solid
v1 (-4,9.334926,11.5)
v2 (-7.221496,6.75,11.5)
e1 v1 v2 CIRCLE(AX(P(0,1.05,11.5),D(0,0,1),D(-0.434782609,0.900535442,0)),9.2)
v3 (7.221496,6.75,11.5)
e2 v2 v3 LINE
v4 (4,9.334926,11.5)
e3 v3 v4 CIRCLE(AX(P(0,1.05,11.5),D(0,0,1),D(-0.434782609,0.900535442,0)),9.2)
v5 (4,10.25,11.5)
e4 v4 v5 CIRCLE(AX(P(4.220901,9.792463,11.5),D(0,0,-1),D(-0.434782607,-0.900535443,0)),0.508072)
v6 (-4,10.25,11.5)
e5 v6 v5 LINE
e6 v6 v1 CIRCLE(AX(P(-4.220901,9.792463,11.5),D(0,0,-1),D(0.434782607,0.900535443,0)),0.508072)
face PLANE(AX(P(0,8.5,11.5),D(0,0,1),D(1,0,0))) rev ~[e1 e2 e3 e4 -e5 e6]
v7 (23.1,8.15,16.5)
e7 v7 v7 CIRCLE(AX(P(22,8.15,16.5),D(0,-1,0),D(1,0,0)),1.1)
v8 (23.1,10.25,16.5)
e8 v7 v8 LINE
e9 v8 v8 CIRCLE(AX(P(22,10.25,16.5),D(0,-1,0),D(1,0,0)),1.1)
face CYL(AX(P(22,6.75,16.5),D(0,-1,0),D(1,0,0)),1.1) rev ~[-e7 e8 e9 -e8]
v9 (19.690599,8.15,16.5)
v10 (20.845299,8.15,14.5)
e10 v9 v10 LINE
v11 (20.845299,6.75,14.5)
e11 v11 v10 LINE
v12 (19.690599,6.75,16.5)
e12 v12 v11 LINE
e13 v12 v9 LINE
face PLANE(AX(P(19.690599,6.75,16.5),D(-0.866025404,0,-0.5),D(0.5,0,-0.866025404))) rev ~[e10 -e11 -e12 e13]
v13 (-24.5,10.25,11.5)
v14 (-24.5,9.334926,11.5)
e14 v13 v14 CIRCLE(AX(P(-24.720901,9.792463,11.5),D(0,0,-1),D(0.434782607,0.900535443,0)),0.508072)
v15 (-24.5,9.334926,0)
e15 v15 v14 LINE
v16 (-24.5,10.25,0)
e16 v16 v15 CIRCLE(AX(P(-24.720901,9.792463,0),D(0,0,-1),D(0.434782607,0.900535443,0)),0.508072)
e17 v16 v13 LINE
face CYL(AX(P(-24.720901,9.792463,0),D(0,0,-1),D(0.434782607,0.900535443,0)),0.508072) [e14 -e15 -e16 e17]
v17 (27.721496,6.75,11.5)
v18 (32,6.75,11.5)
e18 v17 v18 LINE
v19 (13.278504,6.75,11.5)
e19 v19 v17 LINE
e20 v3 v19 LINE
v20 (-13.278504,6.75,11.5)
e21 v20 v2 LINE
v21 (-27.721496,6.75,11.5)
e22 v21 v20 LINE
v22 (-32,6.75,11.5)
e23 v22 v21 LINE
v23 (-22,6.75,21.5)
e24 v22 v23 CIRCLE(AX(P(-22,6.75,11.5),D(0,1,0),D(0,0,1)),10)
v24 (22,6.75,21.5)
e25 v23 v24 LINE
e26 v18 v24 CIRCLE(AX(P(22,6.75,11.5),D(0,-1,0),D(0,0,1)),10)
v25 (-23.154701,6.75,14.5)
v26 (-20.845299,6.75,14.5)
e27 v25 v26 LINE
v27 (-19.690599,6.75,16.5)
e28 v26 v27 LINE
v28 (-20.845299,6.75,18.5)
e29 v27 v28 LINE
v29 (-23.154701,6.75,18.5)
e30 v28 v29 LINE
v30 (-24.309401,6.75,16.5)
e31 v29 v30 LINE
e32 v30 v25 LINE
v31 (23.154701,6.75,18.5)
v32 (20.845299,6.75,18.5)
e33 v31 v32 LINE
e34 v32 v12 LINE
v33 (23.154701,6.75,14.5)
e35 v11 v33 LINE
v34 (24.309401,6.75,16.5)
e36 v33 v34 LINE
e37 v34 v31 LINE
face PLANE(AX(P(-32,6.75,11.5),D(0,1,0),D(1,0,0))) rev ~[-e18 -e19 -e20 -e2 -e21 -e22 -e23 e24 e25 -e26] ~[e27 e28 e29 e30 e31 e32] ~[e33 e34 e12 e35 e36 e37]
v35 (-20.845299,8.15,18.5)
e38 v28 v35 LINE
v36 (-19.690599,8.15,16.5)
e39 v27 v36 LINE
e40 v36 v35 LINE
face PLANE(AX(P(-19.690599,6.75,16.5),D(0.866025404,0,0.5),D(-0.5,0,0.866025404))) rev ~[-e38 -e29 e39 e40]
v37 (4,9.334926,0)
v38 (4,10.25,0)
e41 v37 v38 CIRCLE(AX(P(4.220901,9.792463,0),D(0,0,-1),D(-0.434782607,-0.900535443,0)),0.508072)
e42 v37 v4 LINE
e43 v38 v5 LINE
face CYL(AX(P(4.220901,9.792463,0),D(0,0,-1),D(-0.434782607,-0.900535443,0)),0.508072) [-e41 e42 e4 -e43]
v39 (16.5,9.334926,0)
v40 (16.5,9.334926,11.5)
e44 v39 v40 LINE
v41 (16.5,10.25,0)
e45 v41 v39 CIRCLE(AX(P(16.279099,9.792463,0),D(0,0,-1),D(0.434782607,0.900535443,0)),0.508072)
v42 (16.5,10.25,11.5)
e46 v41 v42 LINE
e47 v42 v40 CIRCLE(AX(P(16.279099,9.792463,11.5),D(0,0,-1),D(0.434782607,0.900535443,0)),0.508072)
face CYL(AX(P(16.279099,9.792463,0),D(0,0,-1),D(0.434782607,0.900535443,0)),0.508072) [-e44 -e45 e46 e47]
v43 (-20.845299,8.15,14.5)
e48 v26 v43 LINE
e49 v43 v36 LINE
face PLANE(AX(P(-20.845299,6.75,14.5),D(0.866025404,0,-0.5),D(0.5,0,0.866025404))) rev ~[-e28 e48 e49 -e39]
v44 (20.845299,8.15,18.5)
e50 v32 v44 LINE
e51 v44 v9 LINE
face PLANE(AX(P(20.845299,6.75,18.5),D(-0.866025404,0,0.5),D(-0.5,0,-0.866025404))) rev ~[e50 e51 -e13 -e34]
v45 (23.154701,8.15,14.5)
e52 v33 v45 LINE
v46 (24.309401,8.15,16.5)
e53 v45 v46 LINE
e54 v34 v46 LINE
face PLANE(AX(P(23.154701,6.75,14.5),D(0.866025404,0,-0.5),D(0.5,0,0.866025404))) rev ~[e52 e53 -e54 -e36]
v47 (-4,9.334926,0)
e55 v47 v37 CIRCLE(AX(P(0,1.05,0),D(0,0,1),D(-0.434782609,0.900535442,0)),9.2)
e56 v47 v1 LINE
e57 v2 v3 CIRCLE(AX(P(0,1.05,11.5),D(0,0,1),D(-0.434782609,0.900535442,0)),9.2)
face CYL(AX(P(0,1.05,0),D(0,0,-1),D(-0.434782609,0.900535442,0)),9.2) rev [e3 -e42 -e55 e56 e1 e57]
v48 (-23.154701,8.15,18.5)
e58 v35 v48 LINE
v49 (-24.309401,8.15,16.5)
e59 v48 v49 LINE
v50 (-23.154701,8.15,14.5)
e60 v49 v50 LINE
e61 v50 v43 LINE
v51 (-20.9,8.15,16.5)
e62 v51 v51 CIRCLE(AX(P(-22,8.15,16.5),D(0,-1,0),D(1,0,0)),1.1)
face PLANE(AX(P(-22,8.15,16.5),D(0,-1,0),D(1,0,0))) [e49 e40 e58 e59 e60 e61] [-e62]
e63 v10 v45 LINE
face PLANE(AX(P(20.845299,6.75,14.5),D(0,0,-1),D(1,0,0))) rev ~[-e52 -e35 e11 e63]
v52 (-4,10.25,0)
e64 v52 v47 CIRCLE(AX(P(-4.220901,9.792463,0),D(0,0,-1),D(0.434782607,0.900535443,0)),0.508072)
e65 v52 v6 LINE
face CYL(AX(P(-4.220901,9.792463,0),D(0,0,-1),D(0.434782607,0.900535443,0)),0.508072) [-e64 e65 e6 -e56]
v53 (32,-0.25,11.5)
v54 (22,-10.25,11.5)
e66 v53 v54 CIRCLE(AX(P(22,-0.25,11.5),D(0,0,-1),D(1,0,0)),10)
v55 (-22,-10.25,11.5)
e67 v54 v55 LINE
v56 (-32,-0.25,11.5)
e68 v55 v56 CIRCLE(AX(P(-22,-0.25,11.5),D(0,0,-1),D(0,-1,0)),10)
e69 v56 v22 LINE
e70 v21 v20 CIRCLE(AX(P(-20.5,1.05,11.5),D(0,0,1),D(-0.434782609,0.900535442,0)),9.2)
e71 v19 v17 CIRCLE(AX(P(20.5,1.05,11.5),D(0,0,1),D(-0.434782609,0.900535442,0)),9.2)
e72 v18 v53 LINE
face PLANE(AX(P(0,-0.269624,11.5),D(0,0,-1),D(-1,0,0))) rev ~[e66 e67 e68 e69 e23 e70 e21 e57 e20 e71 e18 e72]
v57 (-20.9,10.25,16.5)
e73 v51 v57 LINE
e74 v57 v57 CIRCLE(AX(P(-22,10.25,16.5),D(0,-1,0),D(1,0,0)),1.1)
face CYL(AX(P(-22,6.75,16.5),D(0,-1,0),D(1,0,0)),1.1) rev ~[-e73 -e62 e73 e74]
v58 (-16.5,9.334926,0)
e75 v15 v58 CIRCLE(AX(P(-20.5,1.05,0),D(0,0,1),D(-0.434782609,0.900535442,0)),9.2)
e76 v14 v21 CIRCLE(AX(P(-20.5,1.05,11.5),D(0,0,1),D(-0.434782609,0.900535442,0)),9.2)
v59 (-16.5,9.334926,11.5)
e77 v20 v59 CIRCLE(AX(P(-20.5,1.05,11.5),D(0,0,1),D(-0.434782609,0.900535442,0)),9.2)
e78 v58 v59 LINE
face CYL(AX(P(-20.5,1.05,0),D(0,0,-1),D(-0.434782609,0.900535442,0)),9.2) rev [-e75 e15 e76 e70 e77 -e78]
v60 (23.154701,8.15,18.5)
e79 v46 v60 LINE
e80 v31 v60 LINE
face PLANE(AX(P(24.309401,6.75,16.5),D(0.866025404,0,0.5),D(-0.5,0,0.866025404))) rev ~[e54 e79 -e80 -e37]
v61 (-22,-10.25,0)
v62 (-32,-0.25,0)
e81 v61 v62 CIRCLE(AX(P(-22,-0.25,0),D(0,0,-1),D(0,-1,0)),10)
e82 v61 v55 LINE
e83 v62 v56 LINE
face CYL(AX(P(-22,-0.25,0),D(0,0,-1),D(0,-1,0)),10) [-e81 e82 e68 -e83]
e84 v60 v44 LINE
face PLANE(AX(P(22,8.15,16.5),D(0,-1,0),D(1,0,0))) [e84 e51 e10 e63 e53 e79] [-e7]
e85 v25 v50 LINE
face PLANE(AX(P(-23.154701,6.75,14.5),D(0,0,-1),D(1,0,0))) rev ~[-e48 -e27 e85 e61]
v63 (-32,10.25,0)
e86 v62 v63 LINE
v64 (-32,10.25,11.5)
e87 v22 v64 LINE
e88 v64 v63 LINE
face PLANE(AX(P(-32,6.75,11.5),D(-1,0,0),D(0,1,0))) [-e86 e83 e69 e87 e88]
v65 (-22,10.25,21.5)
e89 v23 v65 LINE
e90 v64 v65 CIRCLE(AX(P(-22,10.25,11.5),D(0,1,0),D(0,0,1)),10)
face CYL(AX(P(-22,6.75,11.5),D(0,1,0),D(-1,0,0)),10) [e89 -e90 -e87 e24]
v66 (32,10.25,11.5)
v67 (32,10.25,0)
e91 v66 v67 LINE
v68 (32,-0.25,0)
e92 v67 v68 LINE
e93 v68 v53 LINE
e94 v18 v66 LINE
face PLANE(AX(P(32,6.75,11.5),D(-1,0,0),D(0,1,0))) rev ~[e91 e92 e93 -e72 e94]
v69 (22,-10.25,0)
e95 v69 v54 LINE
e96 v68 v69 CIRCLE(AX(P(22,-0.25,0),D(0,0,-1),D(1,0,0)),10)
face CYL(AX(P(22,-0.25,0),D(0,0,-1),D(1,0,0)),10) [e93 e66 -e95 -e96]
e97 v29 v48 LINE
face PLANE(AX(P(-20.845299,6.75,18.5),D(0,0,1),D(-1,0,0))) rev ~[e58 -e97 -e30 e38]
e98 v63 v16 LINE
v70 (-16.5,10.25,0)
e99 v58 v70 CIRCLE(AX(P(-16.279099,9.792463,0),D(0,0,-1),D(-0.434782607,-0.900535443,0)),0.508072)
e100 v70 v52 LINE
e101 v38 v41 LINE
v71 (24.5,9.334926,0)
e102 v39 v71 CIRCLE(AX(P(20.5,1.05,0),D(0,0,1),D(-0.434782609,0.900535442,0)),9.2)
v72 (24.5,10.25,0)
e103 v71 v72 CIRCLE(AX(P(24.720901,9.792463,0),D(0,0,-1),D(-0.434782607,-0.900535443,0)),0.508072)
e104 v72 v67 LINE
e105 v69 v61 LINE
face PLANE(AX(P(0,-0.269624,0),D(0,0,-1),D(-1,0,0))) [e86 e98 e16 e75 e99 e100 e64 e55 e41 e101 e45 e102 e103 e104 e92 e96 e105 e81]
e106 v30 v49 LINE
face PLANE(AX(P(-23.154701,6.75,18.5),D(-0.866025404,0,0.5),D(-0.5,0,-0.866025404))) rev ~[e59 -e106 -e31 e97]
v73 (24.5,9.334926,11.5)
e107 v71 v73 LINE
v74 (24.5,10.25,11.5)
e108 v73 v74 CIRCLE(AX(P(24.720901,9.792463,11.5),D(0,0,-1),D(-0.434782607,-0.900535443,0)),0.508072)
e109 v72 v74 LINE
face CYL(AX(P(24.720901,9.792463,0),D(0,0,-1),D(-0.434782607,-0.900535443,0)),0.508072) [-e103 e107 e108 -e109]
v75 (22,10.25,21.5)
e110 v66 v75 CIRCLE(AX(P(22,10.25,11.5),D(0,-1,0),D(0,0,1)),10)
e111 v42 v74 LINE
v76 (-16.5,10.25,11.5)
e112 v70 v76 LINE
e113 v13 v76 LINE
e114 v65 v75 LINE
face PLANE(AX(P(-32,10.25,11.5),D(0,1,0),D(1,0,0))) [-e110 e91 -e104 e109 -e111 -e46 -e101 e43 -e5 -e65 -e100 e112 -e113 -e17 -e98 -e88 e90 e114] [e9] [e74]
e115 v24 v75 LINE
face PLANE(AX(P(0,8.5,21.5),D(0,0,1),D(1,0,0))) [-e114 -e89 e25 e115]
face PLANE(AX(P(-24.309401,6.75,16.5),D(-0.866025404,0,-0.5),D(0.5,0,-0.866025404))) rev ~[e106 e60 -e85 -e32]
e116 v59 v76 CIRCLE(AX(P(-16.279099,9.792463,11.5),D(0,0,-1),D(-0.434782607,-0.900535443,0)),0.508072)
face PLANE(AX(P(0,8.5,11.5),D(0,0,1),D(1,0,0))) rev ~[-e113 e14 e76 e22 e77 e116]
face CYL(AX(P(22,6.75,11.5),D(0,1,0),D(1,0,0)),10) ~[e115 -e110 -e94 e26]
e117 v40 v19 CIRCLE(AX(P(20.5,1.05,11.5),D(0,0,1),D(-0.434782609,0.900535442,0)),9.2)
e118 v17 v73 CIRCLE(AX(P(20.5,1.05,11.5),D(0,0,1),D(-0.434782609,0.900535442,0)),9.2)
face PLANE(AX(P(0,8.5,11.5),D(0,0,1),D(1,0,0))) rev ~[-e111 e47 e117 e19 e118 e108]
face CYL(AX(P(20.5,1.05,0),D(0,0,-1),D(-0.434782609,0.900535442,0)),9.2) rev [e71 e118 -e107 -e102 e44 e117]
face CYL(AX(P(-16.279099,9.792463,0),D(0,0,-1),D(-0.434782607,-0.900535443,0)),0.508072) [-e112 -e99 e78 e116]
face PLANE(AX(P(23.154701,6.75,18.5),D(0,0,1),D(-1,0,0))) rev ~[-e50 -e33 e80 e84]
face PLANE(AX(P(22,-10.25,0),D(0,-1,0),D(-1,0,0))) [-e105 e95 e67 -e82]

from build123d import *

# Parameters (mm, degrees)
BOSS_EXTRU_2_DEPTH      = 11.5
ESQUISSE2_W             = 64
ESQUISSE2_H             = 3.5
BOSS_EXTRU_3_DEPTH      = 10
CONG_1_R                = 10
ESQUISSE3_R             = 1.1
ENL_V_MAT_EXTRU_1_DEPTH = 4.5
ENL_V_MAT_EXTRU_2_DEPTH = 1.4


with BuildPart() as part:
    # Esquisse1 → Boss.-Extru.2 (new body)
    with BuildSketch(Plane.XY):
        with BuildLine():
            Line((-32, 10.25), (-24.5, 10.25))
            ThreePointArc((-24.5, 10.25), (-24.212828793, 9.792463035), (-24.5, 9.334926071))
            ThreePointArc((-24.5, 9.334926071), (-20.5, -8.15), (-16.5, 9.334926071))
            ThreePointArc((-16.5, 9.334926071), (-16.787171207, 9.792463035), (-16.5, 10.25))
            Line((-16.5, 10.25), (-4, 10.25))
            ThreePointArc((-4, 10.25), (-3.712828793, 9.792463035), (-4, 9.334926071))
            ThreePointArc((-4, 9.334926071), (0, -8.15), (4, 9.334926071))
            ThreePointArc((4, 9.334926071), (3.712828793, 9.792463035), (4, 10.25))
            Line((4, 10.25), (16.5, 10.25))
            ThreePointArc((16.5, 10.25), (16.787171207, 9.792463035), (16.5, 9.334926071))
            ThreePointArc((16.5, 9.334926071), (20.5, -8.15), (24.5, 9.334926071))
            ThreePointArc((24.5, 9.334926071), (24.212828793, 9.792463035), (24.5, 10.25))
            Line((24.5, 10.25), (32, 10.25))
            Line((32, 10.25), (32, -0.25))
            ThreePointArc((32, -0.25), (29.071067812, -7.321067812), (22, -10.25))
            Line((22, -10.25), (-22, -10.25))
            ThreePointArc((-22, -10.25), (-29.071067812, -7.321067812), (-32, -0.25))
            Line((-32, -0.25), (-32, 10.25))
        make_face()
    extrude(amount=BOSS_EXTRU_2_DEPTH)

    # Esquisse2 → Boss.-Extru.3 (add)
    with BuildSketch(Plane.XY.offset(11.5)):
        with Locations((0, 8.5)):
            Rectangle(ESQUISSE2_W, ESQUISSE2_H)
    extrude(amount=BOSS_EXTRU_3_DEPTH)

    # Congé1
    cong_1_edges = [part.edges().sort_by_distance(p)[0] for p in [
        (32, 8.5, 21.5),
        (-32, 8.5, 21.5),
    ]]
    fillet(cong_1_edges, radius=CONG_1_R)

    # Esquisse3 → Enlèv. mat.-Extru.1 (cut, through all)
    with BuildSketch(Plane.XZ.offset(-6.75)):
        with Locations((-22, 16.5)):
            Circle(ESQUISSE3_R)
        with Locations((22, 16.5)):
            Circle(ESQUISSE3_R)
    extrude(amount=-ENL_V_MAT_EXTRU_1_DEPTH, mode=Mode.SUBTRACT)

    # Esquisse4 → Enlèv. mat.-Extru.2 (cut)
    with BuildSketch(Plane.XZ.offset(-6.75)):
        Polygon((-20.845299462, 14.5), (-19.690598923, 16.5), (-20.845299462, 18.5), (-23.154700538, 18.5), (-24.309401077, 16.5), (-23.154700538, 14.5), align=None)
        Polygon((24.309401077, 16.5), (23.154700538, 18.5), (20.845299462, 18.5), (19.690598923, 16.5), (20.845299462, 14.5), (23.154700538, 14.5), align=None)
    extrude(amount=-ENL_V_MAT_EXTRU_2_DEPTH, mode=Mode.SUBTRACT)


solid = part.part
